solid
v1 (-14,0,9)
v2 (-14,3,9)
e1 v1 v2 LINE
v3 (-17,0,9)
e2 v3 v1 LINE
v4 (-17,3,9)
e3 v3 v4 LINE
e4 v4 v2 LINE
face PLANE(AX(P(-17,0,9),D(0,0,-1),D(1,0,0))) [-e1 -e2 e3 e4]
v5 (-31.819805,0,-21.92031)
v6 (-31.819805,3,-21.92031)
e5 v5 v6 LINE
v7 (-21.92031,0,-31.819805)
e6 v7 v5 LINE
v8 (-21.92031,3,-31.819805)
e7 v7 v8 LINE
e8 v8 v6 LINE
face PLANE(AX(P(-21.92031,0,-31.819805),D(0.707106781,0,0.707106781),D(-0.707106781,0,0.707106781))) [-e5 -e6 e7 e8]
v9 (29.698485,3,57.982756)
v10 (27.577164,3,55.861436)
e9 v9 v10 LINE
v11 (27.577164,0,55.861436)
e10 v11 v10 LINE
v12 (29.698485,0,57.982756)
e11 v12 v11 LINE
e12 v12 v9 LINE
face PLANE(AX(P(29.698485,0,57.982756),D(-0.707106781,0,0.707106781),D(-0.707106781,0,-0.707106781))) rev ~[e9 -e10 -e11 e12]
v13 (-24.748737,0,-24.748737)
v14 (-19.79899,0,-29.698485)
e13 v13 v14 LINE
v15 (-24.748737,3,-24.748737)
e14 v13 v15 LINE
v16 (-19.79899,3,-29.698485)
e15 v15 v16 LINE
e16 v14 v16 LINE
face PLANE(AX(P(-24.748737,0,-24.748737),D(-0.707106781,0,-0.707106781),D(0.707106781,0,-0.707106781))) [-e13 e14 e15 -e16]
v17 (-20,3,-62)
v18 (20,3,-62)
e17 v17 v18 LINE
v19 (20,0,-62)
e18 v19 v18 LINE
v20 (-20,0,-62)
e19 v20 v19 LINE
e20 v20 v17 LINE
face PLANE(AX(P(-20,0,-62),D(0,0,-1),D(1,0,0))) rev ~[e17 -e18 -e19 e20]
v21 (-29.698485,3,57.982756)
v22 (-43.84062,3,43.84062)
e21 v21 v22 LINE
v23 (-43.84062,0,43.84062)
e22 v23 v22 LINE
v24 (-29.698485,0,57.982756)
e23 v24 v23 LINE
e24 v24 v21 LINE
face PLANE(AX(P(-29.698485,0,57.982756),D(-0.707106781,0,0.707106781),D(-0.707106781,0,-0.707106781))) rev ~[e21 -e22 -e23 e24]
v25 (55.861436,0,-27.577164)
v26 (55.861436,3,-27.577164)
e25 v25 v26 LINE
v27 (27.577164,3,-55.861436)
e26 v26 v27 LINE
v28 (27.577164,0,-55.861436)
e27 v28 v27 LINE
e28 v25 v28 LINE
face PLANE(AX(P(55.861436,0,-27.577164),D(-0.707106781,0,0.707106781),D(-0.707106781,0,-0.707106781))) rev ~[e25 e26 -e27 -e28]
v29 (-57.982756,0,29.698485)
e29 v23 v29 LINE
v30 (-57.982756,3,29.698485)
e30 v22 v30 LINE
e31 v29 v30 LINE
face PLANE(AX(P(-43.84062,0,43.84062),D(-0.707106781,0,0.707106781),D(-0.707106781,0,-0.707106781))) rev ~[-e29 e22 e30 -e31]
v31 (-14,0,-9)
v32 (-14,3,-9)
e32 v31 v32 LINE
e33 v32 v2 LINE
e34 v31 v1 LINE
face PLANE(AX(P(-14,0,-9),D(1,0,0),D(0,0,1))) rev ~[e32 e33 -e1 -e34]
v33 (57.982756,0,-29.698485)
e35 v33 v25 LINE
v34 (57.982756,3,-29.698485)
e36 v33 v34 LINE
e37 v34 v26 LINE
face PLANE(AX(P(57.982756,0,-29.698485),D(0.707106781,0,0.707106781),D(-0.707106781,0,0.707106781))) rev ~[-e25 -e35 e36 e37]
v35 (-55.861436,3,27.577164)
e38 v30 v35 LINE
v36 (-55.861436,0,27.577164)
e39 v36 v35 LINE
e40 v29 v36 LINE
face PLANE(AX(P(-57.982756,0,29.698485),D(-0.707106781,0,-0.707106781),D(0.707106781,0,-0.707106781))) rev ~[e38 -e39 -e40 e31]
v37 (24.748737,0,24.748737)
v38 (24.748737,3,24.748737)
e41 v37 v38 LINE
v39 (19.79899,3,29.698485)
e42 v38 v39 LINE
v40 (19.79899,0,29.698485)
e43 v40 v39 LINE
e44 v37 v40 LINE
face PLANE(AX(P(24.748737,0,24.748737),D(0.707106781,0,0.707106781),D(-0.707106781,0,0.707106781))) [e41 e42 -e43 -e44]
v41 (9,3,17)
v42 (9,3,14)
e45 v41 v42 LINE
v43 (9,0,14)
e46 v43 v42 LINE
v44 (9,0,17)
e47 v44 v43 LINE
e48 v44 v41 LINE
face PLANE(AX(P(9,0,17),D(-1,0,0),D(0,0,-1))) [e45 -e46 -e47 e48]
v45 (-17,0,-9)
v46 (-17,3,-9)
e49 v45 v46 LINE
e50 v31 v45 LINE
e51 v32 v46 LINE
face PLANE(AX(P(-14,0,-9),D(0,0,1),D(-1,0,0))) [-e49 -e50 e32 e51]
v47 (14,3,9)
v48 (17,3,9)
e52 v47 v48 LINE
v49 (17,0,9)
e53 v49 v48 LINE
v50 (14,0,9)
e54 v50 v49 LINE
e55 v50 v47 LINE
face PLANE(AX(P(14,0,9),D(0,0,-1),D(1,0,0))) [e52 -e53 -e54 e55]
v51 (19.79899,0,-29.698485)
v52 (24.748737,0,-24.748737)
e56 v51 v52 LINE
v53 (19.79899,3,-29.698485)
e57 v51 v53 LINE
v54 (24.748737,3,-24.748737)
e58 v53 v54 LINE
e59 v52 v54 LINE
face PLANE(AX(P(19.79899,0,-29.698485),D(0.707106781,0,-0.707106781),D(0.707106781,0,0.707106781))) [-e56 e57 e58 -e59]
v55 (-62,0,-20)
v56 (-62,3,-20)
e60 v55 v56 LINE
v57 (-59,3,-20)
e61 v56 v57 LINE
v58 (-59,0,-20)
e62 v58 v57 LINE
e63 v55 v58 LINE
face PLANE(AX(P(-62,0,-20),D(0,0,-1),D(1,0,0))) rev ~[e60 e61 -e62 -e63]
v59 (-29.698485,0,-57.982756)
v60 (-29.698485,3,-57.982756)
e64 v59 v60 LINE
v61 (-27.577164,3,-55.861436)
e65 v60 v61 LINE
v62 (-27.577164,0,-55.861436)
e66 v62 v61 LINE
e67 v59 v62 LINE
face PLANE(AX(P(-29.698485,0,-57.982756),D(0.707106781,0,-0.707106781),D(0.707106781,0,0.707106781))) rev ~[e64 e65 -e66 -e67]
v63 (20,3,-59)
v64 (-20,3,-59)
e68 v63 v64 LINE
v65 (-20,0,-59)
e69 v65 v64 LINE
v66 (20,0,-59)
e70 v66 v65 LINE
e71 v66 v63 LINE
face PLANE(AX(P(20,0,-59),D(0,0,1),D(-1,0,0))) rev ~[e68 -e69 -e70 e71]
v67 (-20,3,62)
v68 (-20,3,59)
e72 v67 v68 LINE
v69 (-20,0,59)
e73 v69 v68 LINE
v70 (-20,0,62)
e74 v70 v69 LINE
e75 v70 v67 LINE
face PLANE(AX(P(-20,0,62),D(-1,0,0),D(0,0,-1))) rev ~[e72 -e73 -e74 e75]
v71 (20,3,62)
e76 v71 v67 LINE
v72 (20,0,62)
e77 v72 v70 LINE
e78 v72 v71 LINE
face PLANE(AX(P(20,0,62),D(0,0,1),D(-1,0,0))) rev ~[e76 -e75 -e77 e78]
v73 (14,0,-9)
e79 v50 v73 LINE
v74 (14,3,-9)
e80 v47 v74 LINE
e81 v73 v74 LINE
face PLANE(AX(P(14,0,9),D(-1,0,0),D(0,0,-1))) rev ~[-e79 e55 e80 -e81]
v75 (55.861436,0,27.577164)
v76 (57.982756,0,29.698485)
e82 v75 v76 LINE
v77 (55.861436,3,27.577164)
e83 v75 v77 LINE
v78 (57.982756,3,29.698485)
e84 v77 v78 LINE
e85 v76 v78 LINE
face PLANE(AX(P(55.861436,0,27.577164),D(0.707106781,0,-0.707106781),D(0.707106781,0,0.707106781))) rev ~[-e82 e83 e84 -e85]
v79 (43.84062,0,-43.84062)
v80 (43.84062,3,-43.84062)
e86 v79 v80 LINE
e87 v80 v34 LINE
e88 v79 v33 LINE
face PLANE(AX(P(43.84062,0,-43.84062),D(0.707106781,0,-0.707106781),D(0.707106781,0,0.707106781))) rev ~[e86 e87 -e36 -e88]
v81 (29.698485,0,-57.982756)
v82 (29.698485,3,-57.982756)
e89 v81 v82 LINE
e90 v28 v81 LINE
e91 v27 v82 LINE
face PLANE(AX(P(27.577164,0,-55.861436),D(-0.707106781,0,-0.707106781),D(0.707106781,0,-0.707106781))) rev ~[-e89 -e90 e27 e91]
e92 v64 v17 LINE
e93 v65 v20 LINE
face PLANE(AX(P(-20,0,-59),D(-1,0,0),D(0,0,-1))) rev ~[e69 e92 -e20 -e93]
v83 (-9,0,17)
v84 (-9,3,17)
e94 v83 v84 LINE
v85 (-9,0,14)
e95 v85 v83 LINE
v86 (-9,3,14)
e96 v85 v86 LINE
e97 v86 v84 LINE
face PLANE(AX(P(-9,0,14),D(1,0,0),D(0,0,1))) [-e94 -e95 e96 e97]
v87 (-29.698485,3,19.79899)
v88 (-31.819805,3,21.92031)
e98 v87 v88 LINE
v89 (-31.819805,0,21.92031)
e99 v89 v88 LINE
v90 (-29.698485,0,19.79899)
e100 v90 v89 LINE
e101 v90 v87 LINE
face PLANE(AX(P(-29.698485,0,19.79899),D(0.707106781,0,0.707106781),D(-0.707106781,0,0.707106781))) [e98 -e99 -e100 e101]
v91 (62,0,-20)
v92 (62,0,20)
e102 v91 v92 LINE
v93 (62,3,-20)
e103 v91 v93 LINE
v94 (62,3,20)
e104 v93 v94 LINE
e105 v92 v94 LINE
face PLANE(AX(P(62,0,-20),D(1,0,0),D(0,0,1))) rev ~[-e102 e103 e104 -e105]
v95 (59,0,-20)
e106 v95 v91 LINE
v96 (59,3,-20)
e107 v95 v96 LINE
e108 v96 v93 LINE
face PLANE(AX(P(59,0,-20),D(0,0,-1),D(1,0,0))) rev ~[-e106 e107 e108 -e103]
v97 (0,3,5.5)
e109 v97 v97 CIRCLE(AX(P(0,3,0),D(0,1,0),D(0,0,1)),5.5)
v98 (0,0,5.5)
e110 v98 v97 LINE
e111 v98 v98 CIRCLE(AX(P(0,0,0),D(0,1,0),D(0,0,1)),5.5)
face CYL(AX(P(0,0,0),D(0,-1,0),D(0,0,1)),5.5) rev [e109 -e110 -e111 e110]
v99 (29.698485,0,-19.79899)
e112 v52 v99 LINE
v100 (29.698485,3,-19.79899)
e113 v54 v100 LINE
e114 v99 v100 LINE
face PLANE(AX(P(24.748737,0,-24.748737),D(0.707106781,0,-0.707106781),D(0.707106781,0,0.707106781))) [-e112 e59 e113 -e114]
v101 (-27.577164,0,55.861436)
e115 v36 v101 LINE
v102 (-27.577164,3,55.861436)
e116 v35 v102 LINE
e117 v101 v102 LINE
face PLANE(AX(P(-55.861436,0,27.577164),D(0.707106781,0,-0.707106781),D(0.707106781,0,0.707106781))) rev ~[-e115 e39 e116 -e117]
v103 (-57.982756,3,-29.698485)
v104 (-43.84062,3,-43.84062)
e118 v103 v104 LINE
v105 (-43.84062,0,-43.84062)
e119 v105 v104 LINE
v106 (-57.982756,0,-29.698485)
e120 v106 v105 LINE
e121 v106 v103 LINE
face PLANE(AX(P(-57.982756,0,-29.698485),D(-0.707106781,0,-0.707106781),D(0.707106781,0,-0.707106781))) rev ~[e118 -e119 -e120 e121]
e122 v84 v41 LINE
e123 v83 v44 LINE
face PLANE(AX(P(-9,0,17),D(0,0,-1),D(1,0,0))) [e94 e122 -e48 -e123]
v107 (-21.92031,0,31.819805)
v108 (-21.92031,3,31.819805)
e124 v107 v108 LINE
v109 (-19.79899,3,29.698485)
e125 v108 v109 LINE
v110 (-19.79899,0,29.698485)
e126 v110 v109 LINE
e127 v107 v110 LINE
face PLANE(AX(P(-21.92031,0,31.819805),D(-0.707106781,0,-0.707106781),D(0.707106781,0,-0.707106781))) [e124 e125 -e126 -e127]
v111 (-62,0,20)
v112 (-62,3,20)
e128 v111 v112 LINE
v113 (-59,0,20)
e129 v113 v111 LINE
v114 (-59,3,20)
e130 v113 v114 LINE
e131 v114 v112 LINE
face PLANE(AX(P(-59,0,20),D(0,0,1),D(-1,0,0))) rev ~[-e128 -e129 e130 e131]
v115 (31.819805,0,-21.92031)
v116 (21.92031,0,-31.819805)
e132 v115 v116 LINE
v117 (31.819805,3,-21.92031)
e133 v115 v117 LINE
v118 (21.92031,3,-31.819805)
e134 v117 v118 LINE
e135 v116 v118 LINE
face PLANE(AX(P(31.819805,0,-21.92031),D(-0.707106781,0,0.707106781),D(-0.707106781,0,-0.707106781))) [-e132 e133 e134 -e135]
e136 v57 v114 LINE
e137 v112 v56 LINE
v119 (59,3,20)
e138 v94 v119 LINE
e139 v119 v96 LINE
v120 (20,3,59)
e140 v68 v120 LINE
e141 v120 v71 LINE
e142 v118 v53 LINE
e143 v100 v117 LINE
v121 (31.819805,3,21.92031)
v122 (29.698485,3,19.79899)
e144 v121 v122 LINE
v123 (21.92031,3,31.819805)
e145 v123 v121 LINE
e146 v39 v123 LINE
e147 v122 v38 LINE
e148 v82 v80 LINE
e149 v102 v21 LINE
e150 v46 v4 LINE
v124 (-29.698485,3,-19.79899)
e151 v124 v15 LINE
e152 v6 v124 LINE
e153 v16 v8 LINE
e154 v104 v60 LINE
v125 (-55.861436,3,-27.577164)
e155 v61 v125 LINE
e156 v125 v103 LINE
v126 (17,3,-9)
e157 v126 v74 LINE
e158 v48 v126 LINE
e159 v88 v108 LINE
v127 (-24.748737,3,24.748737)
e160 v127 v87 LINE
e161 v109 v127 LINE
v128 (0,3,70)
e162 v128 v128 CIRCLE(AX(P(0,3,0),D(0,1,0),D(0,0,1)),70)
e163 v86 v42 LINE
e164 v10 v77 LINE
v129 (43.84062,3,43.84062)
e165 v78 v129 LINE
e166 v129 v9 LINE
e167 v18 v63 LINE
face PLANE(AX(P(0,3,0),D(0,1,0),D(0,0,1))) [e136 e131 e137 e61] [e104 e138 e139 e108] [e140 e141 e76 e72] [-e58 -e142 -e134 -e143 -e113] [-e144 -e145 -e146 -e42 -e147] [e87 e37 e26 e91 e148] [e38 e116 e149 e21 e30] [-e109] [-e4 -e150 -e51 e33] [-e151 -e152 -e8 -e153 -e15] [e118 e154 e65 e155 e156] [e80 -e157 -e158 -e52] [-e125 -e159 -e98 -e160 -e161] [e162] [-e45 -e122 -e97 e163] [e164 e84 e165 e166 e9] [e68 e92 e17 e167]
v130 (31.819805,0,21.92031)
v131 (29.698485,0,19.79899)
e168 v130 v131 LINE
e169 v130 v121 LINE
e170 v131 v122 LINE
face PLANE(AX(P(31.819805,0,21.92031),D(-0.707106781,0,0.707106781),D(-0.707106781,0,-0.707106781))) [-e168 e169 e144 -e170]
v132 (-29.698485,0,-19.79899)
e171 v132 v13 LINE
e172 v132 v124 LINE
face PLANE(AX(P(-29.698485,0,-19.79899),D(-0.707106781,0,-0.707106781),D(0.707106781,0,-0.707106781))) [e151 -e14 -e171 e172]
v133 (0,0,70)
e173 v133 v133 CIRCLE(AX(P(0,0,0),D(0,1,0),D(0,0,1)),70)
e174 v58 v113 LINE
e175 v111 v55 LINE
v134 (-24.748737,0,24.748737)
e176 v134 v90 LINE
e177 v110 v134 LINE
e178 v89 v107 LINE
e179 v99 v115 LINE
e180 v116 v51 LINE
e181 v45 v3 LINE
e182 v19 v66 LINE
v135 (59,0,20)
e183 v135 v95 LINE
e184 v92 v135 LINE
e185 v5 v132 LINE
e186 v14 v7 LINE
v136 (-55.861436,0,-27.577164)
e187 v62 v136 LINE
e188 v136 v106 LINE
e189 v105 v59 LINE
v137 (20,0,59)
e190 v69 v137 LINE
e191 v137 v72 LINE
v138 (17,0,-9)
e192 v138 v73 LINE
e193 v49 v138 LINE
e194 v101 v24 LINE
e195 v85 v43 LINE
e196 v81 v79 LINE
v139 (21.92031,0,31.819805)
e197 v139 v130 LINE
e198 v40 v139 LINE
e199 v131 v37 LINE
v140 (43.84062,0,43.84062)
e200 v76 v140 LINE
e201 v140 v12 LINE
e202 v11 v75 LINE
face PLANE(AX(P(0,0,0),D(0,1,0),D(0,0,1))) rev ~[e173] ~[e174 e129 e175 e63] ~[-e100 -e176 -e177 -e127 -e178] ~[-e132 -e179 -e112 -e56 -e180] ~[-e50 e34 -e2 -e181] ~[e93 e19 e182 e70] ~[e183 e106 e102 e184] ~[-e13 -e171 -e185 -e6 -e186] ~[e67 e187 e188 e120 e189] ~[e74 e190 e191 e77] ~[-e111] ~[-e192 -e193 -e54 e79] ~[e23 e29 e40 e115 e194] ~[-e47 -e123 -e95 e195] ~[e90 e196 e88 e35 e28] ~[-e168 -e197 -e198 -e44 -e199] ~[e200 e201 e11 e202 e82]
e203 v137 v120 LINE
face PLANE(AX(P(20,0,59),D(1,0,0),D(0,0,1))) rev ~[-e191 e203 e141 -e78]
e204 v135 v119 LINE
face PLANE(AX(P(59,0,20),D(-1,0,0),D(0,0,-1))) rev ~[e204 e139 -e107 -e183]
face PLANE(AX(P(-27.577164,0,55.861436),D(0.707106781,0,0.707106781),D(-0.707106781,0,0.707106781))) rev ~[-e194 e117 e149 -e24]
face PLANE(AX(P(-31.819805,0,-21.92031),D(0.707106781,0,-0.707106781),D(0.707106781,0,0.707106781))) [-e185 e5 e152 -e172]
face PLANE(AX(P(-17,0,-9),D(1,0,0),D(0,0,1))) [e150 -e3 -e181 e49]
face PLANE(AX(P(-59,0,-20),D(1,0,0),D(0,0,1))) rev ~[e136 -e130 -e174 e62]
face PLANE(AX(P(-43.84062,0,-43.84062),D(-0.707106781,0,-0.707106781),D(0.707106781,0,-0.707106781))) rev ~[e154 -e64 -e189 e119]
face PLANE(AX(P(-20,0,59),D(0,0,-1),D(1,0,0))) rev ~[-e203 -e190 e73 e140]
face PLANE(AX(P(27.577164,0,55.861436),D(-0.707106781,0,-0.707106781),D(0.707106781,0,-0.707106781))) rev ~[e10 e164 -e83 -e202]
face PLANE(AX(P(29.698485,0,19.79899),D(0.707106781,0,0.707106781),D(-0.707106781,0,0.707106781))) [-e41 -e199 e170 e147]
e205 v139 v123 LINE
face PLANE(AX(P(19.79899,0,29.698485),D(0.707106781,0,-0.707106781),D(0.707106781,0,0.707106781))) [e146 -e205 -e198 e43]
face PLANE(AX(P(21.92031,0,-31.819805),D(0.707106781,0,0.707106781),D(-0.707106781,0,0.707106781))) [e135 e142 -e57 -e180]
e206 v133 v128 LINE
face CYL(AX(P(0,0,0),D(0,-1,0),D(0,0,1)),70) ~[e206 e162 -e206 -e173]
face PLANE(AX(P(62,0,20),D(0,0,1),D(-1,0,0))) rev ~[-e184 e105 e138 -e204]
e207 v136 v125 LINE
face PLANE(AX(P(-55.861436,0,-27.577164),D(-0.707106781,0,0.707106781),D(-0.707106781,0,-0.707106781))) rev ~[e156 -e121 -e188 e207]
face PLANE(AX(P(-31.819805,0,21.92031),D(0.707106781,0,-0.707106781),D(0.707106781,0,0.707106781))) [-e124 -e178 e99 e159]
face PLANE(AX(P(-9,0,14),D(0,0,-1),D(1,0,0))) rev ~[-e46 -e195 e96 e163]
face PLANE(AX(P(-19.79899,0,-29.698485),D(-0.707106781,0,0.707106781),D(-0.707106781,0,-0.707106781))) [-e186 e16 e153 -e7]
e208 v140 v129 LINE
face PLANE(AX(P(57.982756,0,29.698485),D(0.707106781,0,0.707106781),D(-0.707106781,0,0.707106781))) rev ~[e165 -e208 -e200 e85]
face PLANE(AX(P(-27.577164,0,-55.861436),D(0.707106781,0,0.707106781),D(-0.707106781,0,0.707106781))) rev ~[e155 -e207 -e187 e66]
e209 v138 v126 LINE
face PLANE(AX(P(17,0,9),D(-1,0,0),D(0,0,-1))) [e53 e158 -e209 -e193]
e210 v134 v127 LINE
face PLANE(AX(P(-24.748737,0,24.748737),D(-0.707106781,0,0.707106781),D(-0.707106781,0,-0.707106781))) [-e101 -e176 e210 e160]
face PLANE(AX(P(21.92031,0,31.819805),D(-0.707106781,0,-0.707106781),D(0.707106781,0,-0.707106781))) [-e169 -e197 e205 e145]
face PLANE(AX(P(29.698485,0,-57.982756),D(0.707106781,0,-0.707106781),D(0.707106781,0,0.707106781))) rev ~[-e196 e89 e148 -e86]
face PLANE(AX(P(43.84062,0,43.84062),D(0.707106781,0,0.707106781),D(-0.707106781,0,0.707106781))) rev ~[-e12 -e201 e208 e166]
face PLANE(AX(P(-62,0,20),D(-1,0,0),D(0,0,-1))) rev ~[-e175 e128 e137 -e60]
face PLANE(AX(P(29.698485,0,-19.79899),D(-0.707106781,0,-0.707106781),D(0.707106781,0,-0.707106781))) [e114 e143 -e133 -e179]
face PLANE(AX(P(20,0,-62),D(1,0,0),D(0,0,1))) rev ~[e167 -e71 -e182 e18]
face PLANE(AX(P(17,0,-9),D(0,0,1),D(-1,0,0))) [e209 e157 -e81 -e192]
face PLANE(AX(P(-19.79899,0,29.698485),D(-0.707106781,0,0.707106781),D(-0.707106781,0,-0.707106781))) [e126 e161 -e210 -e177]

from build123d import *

# Parameters (mm, degrees)
CROQUIS1_R              = 70
CROQUIS1_R_2            = 5.5
SALIENTE_EXTRUIR1_DEPTH = 3


with BuildPart() as part:
    # Croquis1 → Saliente-Extruir1 (new body)
    with BuildSketch(Plane(origin=(0, 0, 0), x_dir=(1, 0, 0), z_dir=(0, 1, 0))):
        with Locations(Location((0, 0, 0), (0, 0, 270))):
            Circle(CROQUIS1_R)
        with Locations(Location((0, 0, 0), (0, 0, 270))):
            Circle(CROQUIS1_R_2, mode=Mode.SUBTRACT)
        Polygon((24.748737342, 24.748737342), (29.69848481, 19.798989873), (31.819805153, 21.920310217), (21.920310217, 31.819805153), (19.798989873, 29.69848481), align=None, mode=Mode.SUBTRACT)
        Polygon((24.748737342, -24.748737342), (19.798989873, -29.69848481), (21.920310217, -31.819805153), (31.819805153, -21.920310217), (29.69848481, -19.798989873), align=None, mode=Mode.SUBTRACT)
        Polygon((-24.748737342, 24.748737342), (-19.798989873, 29.69848481), (-21.920310217, 31.819805153), (-31.819805153, 21.920310217), (-29.69848481, 19.798989873), align=None, mode=Mode.SUBTRACT)
        Polygon((-24.748737342, -24.748737342), (-29.69848481, -19.798989873), (-31.819805153, -21.920310217), (-21.920310217, -31.819805153), (-19.798989873, -29.69848481), align=None, mode=Mode.SUBTRACT)
        Polygon((-14, 0), (-14, 9), (-17, 9), (-17, -9), (-14, -9), align=None, mode=Mode.SUBTRACT)
        Polygon((14, 0), (14, -9), (17, -9), (17, 9), (14, 9), align=None, mode=Mode.SUBTRACT)
        Polygon((0, -14), (-9, -14), (-9, -17), (9, -17), (9, -14), align=None, mode=Mode.SUBTRACT)
        Polygon((0, 62), (20, 62), (20, 59), (-20, 59), (-20, 62), align=None, mode=Mode.SUBTRACT)
        Polygon((55.861435714, 27.577164466), (27.577164466, 55.861435714), (29.69848481, 57.982756057), (43.840620434, 43.840620434), (57.982756057, 29.69848481), align=None, mode=Mode.SUBTRACT)
        Polygon((59, -20), (59, 20), (62, 20), (62, 0), (62, -20), align=None, mode=Mode.SUBTRACT)
        Polygon((27.577164466, -55.861435714), (55.861435714, -27.577164466), (57.982756057, -29.69848481), (43.840620434, -43.840620434), (29.69848481, -57.982756057), align=None, mode=Mode.SUBTRACT)
        Polygon((-20, -59), (20, -59), (20, -62), (0, -62), (-20, -62), align=None, mode=Mode.SUBTRACT)
        Polygon((-55.861435714, -27.577164466), (-27.577164466, -55.861435714), (-29.69848481, -57.982756057), (-43.840620434, -43.840620434), (-57.982756057, -29.69848481), align=None, mode=Mode.SUBTRACT)
        Polygon((-59, 20), (-59, -20), (-62, -20), (-62, 0), (-62, 20), align=None, mode=Mode.SUBTRACT)
        Polygon((-27.577164466, 55.861435714), (-55.861435714, 27.577164466), (-57.982756057, 29.69848481), (-43.840620434, 43.840620434), (-29.69848481, 57.982756057), align=None, mode=Mode.SUBTRACT)
    extrude(amount=SALIENTE_EXTRUIR1_DEPTH)


solid = part.part
